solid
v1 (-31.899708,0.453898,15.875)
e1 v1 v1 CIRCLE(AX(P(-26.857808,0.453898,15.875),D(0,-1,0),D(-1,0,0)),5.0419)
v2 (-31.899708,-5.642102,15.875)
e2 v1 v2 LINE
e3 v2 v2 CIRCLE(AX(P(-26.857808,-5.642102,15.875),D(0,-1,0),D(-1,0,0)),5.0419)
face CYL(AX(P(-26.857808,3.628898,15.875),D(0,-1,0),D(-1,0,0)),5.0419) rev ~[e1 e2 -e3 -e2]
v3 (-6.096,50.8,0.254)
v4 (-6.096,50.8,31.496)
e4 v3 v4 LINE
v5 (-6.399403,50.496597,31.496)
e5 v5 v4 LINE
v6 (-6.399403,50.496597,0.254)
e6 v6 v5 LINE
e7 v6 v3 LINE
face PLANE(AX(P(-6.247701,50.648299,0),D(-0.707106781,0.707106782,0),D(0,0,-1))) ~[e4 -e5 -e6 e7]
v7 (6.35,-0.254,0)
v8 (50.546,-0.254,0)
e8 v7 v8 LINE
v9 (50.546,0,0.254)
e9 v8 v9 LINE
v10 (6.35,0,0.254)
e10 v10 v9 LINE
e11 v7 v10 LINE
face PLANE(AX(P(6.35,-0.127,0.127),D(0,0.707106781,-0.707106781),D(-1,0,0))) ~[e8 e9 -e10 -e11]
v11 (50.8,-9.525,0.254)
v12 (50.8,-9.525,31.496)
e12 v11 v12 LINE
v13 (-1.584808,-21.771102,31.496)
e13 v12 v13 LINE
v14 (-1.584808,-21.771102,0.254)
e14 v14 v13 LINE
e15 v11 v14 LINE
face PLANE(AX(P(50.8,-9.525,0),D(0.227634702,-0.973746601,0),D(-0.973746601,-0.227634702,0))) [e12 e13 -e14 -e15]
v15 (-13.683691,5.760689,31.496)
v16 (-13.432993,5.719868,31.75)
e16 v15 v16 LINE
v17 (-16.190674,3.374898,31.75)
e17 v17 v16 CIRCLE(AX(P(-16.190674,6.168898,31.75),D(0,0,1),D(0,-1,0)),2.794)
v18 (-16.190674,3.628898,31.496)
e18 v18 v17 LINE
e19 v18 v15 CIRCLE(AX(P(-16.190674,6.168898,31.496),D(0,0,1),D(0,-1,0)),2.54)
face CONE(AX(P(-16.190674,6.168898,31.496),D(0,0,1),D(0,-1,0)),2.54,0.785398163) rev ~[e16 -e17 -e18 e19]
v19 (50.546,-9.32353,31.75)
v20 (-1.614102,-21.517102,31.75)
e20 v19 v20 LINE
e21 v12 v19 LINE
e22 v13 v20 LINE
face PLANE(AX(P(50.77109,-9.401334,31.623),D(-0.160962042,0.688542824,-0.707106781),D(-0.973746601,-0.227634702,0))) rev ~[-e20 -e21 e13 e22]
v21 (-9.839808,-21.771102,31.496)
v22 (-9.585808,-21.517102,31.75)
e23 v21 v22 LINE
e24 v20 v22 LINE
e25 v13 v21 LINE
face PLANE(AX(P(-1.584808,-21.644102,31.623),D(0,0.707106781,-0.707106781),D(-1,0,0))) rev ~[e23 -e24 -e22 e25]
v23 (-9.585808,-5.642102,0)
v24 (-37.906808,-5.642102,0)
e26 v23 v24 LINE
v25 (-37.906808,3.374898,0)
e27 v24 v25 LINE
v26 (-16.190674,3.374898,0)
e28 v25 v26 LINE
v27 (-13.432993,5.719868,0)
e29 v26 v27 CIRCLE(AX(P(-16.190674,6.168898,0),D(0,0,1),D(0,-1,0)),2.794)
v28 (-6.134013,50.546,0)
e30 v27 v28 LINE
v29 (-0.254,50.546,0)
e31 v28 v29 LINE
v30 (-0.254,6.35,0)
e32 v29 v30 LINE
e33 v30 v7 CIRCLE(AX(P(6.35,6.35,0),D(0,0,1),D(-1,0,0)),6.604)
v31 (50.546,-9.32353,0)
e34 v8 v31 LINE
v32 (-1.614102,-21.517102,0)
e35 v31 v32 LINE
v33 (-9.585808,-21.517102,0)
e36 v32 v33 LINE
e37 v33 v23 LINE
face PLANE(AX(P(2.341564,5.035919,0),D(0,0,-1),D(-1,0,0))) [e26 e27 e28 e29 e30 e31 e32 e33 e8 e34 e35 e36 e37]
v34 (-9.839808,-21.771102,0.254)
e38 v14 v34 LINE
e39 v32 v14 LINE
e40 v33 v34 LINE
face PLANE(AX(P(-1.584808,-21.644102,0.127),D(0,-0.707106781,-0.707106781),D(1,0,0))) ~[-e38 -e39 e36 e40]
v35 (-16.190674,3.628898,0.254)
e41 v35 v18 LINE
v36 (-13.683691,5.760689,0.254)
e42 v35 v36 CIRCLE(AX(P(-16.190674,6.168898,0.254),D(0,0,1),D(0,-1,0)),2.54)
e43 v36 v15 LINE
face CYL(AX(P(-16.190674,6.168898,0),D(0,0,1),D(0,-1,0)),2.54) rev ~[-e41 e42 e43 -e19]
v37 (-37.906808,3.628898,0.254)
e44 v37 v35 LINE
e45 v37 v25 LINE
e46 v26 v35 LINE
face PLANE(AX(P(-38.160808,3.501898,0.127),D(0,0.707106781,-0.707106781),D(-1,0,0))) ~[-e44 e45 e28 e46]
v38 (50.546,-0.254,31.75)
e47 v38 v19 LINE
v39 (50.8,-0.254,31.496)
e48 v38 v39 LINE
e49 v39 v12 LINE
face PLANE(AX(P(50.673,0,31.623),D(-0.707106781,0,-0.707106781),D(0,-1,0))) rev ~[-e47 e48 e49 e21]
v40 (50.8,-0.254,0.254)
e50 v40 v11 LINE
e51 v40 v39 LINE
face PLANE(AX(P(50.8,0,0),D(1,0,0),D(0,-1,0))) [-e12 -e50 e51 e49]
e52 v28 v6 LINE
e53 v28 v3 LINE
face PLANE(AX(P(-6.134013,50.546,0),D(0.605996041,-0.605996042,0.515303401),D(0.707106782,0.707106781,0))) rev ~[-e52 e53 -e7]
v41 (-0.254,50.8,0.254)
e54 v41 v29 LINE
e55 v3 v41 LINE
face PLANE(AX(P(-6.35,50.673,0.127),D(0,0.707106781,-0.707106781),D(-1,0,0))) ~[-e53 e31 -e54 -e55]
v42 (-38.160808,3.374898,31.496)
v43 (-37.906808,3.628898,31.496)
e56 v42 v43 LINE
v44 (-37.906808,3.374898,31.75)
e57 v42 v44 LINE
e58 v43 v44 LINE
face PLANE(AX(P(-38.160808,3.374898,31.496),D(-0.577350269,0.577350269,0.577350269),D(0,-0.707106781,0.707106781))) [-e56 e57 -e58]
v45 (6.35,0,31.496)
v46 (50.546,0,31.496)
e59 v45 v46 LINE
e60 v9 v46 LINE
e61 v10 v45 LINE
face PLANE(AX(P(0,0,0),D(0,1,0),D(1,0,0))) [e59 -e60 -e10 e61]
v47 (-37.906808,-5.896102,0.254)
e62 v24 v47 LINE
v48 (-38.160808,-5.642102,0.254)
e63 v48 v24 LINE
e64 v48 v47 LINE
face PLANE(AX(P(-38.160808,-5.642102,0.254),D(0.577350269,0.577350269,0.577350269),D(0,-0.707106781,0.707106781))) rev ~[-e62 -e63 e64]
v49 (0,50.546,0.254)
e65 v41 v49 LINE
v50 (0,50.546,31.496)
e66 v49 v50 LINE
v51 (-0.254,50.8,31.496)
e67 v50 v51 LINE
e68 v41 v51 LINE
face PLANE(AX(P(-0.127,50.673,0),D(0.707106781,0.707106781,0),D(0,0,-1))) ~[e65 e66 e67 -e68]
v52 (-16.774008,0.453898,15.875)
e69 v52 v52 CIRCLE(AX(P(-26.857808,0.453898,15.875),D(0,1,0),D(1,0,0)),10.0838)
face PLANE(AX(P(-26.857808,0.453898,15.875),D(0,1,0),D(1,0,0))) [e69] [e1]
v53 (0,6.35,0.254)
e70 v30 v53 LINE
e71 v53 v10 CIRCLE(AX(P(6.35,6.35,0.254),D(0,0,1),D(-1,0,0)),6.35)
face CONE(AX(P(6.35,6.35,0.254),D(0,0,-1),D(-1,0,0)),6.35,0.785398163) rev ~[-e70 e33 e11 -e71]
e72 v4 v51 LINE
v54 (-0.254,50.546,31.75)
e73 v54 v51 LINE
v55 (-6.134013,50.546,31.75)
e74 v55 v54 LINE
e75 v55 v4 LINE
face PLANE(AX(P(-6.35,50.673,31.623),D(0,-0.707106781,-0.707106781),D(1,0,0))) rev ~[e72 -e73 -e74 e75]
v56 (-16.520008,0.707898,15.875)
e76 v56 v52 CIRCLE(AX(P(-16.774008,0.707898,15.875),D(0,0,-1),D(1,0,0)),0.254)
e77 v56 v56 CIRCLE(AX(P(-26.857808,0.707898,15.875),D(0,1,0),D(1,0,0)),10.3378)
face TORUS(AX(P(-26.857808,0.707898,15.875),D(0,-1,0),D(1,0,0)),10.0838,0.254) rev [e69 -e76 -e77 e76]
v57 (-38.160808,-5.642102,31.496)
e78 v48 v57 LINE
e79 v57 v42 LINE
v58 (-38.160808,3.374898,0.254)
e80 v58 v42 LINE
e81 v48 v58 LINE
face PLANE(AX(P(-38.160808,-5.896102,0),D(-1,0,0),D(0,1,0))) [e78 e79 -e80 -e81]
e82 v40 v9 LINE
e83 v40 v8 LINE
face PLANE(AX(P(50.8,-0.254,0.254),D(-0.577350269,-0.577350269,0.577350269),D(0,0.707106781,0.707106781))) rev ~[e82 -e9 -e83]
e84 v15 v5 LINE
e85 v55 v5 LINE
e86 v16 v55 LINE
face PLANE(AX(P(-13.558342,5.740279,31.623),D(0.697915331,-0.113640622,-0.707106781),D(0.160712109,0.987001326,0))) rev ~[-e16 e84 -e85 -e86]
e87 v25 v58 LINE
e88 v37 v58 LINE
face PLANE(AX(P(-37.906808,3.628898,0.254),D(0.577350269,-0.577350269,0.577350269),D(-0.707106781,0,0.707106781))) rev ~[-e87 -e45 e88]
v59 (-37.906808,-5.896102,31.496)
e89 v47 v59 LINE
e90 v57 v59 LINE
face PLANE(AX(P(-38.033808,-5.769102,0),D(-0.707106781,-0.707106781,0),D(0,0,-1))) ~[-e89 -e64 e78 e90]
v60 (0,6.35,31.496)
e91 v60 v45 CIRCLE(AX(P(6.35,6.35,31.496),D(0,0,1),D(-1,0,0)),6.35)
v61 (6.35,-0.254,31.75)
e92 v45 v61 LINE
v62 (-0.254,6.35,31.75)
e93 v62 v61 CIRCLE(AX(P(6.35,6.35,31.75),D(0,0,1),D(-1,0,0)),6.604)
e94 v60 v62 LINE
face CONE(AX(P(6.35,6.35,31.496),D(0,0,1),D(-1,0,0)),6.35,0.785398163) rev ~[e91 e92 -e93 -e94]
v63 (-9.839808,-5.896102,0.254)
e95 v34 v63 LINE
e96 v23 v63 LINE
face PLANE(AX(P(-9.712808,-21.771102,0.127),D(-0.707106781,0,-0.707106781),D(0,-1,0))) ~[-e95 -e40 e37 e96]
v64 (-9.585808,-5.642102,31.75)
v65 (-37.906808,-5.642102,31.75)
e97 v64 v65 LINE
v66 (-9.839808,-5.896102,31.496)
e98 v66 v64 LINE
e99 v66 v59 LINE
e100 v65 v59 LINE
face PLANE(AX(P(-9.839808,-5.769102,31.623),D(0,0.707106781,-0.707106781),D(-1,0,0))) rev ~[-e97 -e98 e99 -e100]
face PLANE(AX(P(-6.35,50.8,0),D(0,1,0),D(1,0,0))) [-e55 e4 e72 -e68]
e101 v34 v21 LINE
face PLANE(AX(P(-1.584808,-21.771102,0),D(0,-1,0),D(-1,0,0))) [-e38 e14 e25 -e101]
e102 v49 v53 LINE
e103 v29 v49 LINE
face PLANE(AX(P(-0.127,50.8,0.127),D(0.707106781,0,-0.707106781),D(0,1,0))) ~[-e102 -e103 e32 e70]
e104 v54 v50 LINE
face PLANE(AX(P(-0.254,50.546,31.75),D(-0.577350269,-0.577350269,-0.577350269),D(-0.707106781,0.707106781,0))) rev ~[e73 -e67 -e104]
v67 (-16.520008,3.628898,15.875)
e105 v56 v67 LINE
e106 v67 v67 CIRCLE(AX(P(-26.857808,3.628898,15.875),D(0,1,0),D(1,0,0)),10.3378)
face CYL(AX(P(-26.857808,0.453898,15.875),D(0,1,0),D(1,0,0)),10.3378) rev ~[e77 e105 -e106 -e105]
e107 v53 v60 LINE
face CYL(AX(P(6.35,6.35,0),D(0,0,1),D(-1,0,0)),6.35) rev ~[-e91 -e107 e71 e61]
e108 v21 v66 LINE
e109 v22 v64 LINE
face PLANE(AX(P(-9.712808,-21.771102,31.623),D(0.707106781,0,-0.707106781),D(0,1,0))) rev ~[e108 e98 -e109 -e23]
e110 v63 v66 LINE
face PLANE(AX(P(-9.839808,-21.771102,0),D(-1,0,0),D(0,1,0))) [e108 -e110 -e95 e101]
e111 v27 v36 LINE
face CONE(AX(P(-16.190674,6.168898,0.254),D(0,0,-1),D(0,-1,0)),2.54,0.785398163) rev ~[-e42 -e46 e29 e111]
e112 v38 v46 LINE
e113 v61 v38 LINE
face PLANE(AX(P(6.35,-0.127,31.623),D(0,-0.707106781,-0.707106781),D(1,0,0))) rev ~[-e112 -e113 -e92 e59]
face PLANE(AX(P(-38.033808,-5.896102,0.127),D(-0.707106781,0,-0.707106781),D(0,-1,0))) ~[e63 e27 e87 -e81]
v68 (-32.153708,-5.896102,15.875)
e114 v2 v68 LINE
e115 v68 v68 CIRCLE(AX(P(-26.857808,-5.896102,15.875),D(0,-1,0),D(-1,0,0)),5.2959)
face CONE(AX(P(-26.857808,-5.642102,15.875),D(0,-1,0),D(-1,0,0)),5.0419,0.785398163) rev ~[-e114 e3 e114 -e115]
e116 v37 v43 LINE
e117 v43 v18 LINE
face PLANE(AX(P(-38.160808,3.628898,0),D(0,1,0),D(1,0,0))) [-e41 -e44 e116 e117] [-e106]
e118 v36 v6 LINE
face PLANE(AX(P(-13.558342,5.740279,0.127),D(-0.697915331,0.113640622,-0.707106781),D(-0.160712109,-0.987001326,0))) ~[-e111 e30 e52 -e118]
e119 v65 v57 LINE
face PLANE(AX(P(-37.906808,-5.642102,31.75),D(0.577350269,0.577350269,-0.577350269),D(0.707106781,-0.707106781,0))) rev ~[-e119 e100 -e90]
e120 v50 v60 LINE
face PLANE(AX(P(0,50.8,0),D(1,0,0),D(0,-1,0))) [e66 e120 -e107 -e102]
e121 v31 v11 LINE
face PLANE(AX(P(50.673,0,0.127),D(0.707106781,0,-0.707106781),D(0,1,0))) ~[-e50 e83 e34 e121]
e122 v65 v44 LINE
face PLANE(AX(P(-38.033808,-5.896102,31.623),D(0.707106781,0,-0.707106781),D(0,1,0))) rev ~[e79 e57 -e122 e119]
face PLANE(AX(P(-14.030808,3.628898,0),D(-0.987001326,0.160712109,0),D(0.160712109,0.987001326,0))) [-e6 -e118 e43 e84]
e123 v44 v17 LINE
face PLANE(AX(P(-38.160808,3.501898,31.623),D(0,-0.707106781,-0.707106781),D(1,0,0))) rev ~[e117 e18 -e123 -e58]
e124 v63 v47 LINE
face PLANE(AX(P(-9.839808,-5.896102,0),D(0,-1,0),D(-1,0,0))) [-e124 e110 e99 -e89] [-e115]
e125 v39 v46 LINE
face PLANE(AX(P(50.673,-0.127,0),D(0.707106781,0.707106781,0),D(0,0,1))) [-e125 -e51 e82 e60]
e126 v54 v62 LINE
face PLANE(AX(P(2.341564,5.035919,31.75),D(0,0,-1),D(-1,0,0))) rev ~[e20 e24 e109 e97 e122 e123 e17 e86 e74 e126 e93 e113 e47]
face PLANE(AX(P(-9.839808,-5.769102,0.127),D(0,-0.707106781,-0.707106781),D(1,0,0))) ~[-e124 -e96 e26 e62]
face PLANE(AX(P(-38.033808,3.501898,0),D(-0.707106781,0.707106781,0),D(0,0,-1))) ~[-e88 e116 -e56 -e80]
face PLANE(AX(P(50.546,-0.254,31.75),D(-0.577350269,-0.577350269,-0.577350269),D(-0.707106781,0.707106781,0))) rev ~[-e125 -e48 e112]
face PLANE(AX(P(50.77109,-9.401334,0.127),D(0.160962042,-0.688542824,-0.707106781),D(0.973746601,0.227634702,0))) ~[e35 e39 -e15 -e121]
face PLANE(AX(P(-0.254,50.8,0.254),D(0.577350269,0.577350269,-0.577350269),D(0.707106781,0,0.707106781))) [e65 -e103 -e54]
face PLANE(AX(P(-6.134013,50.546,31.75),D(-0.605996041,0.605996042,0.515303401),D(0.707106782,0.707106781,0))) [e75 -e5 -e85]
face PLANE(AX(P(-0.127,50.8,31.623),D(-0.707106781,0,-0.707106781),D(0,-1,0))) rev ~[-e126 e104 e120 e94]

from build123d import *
from OCP.BRepFilletAPI import BRepFilletAPI_MakeChamfer

# Parameters (mm, degrees)
BOSS_EXTRUDE1_DEPTH                                  = 31.75
CBORE_FOR_3_8_BINDING_HEAD_MACHINE_SCREW_D           = 10.0838
CBORE_FOR_3_8_BINDING_HEAD_MACHINE_SCREW_CBORE_D     = 20.6756
CBORE_FOR_3_8_BINDING_HEAD_MACHINE_SCREW_CBORE_DEPTH = 3.175
FILLET1_R                                            = 2.54
FILLET2_R                                            = 6.35
CHAMFER1_SIZE                                        = 0.254
CHAMFER1_SIZE2                                       = 0.30739842
FILLET3_R                                            = 0.254
CHAMFER2_SIZE                                        = 0.254


with BuildPart() as part:
    # Sketch1 → Boss-Extrude1 (new body)
    with BuildSketch(Plane.XY):
        Polygon((0, 0), (50.8, 0), (50.8, -9.525), (-1.5848076, -21.771101892), (-9.8398076, -21.771101892), (-9.8398076, -5.896101892), (-38.1608076, -5.896101892), (-38.1608076, 3.628898108), (-14.0308076, 3.628898108), (-6.35, 50.8), (0, 50.8), align=None)
    extrude(amount=BOSS_EXTRUDE1_DEPTH)

    # CBORE for 3/8 Binding Head Machine Screw1 (through all)
    with Locations(Plane(origin=(0, 3.628898108, 0), x_dir=(1, 0, 0), z_dir=(0, 1, 0))):
        with Locations((-26.8578076, -15.875)):
            CounterBoreHole(CBORE_FOR_3_8_BINDING_HEAD_MACHINE_SCREW_D / 2, CBORE_FOR_3_8_BINDING_HEAD_MACHINE_SCREW_CBORE_D / 2, CBORE_FOR_3_8_BINDING_HEAD_MACHINE_SCREW_CBORE_DEPTH)

    # Fillet1
    fillet1_edges = [part.edges().sort_by_distance(p)[0] for p in [
        (-14.0308076, 3.628898108, 15.875),
    ]]
    fillet(fillet1_edges, radius=FILLET1_R)

    # Fillet2
    fillet2_edges = [part.edges().sort_by_distance(p)[0] for p in [
        (0, 0, 15.875),
    ]]
    fillet(fillet2_edges, radius=FILLET2_R)

    # Chamfer1: one chamfer whose edges measure the first distance from different faces: ONE call of the kernel's chamfer builder (chamfer() names one face for all edges)
    chamfer1_edges_1 = [part.edges().sort_by_distance(p)[0] for p in [
        (28.575, 0, 0),
        (50.8, -4.7625, 0),
        (24.6075962, -15.648050946, 0),
        (-5.7123076, -21.771101892, 0),
        (-9.8398076, -13.833601892, 0),
        (-10.016845438, 28.280344675, 31.75),
        (-24.0003076, -5.896101892, 0),
        (-38.1608076, -1.133601892, 0),
        (-10.016845438, 28.280344675, 0),
        (-3.175, 50.8, 0),
        (50.8, 0, 15.875),
        (-38.1608076, -5.896101892, 15.875),
        (-38.1608076, 3.628898108, 15.875),
        (0, 50.8, 15.875),
        (-38.1608076, -1.133601892, 31.75),
        (-24.0003076, -5.896101892, 31.75),
        (-9.8398076, -13.833601892, 31.75),
        (-5.7123076, -21.771101892, 31.75),
        (24.6075962, -15.648050946, 31.75),
        (50.8, -4.7625, 31.75),
        (-27.175740922, 3.628898108, 0),
        (-27.175740922, 3.628898108, 31.75),
        (-14.545263998, 4.233898076, 0),
        (-14.545263998, 4.233898076, 31.75),
        (28.575, 0, 31.75),
        (0, 28.575, 0),
        (0, 28.575, 31.75),
        (1.859871939, 1.859871939, 0),
        (1.859871939, 1.859871939, 31.75),
        (-3.175, 50.8, 31.75),
    ]]
    chamfer1_edges_2 = [part.edges().sort_by_distance(p)[0] for p in [
        (-6.35, 50.8, 15.875),
    ]]
    chamfer1_side_2 = [part.faces().sort_by_distance(p)[0] for p in [
        (-3.175, 50.8, 15.875),
    ]]
    chamfer1 = BRepFilletAPI_MakeChamfer(part.part.solid().wrapped)
    for e in chamfer1_edges_1:
        chamfer1.Add(CHAMFER1_SIZE, e.wrapped)
    for e in chamfer1_edges_2:
        chamfer1.Add(CHAMFER1_SIZE, CHAMFER1_SIZE2, e.wrapped, chamfer1_side_2[0].wrapped)  # the first distance lies on this face
    add(Compound.cast(chamfer1.Shape()), mode=Mode.REPLACE)

    # Fillet3
    fillet3_edges = [part.edges().sort_by_distance(p)[0] for p in [
        (-37.1956076, 0.453898108, 15.875),
    ]]
    fillet(fillet3_edges, radius=FILLET3_R)

    # Chamfer2
    chamfer2_edges = [part.edges().sort_by_distance(p)[0] for p in [
        (-21.8159076, -5.896101892, 15.875),
    ]]
    chamfer(chamfer2_edges, length=CHAMFER2_SIZE)


solid = part.part
